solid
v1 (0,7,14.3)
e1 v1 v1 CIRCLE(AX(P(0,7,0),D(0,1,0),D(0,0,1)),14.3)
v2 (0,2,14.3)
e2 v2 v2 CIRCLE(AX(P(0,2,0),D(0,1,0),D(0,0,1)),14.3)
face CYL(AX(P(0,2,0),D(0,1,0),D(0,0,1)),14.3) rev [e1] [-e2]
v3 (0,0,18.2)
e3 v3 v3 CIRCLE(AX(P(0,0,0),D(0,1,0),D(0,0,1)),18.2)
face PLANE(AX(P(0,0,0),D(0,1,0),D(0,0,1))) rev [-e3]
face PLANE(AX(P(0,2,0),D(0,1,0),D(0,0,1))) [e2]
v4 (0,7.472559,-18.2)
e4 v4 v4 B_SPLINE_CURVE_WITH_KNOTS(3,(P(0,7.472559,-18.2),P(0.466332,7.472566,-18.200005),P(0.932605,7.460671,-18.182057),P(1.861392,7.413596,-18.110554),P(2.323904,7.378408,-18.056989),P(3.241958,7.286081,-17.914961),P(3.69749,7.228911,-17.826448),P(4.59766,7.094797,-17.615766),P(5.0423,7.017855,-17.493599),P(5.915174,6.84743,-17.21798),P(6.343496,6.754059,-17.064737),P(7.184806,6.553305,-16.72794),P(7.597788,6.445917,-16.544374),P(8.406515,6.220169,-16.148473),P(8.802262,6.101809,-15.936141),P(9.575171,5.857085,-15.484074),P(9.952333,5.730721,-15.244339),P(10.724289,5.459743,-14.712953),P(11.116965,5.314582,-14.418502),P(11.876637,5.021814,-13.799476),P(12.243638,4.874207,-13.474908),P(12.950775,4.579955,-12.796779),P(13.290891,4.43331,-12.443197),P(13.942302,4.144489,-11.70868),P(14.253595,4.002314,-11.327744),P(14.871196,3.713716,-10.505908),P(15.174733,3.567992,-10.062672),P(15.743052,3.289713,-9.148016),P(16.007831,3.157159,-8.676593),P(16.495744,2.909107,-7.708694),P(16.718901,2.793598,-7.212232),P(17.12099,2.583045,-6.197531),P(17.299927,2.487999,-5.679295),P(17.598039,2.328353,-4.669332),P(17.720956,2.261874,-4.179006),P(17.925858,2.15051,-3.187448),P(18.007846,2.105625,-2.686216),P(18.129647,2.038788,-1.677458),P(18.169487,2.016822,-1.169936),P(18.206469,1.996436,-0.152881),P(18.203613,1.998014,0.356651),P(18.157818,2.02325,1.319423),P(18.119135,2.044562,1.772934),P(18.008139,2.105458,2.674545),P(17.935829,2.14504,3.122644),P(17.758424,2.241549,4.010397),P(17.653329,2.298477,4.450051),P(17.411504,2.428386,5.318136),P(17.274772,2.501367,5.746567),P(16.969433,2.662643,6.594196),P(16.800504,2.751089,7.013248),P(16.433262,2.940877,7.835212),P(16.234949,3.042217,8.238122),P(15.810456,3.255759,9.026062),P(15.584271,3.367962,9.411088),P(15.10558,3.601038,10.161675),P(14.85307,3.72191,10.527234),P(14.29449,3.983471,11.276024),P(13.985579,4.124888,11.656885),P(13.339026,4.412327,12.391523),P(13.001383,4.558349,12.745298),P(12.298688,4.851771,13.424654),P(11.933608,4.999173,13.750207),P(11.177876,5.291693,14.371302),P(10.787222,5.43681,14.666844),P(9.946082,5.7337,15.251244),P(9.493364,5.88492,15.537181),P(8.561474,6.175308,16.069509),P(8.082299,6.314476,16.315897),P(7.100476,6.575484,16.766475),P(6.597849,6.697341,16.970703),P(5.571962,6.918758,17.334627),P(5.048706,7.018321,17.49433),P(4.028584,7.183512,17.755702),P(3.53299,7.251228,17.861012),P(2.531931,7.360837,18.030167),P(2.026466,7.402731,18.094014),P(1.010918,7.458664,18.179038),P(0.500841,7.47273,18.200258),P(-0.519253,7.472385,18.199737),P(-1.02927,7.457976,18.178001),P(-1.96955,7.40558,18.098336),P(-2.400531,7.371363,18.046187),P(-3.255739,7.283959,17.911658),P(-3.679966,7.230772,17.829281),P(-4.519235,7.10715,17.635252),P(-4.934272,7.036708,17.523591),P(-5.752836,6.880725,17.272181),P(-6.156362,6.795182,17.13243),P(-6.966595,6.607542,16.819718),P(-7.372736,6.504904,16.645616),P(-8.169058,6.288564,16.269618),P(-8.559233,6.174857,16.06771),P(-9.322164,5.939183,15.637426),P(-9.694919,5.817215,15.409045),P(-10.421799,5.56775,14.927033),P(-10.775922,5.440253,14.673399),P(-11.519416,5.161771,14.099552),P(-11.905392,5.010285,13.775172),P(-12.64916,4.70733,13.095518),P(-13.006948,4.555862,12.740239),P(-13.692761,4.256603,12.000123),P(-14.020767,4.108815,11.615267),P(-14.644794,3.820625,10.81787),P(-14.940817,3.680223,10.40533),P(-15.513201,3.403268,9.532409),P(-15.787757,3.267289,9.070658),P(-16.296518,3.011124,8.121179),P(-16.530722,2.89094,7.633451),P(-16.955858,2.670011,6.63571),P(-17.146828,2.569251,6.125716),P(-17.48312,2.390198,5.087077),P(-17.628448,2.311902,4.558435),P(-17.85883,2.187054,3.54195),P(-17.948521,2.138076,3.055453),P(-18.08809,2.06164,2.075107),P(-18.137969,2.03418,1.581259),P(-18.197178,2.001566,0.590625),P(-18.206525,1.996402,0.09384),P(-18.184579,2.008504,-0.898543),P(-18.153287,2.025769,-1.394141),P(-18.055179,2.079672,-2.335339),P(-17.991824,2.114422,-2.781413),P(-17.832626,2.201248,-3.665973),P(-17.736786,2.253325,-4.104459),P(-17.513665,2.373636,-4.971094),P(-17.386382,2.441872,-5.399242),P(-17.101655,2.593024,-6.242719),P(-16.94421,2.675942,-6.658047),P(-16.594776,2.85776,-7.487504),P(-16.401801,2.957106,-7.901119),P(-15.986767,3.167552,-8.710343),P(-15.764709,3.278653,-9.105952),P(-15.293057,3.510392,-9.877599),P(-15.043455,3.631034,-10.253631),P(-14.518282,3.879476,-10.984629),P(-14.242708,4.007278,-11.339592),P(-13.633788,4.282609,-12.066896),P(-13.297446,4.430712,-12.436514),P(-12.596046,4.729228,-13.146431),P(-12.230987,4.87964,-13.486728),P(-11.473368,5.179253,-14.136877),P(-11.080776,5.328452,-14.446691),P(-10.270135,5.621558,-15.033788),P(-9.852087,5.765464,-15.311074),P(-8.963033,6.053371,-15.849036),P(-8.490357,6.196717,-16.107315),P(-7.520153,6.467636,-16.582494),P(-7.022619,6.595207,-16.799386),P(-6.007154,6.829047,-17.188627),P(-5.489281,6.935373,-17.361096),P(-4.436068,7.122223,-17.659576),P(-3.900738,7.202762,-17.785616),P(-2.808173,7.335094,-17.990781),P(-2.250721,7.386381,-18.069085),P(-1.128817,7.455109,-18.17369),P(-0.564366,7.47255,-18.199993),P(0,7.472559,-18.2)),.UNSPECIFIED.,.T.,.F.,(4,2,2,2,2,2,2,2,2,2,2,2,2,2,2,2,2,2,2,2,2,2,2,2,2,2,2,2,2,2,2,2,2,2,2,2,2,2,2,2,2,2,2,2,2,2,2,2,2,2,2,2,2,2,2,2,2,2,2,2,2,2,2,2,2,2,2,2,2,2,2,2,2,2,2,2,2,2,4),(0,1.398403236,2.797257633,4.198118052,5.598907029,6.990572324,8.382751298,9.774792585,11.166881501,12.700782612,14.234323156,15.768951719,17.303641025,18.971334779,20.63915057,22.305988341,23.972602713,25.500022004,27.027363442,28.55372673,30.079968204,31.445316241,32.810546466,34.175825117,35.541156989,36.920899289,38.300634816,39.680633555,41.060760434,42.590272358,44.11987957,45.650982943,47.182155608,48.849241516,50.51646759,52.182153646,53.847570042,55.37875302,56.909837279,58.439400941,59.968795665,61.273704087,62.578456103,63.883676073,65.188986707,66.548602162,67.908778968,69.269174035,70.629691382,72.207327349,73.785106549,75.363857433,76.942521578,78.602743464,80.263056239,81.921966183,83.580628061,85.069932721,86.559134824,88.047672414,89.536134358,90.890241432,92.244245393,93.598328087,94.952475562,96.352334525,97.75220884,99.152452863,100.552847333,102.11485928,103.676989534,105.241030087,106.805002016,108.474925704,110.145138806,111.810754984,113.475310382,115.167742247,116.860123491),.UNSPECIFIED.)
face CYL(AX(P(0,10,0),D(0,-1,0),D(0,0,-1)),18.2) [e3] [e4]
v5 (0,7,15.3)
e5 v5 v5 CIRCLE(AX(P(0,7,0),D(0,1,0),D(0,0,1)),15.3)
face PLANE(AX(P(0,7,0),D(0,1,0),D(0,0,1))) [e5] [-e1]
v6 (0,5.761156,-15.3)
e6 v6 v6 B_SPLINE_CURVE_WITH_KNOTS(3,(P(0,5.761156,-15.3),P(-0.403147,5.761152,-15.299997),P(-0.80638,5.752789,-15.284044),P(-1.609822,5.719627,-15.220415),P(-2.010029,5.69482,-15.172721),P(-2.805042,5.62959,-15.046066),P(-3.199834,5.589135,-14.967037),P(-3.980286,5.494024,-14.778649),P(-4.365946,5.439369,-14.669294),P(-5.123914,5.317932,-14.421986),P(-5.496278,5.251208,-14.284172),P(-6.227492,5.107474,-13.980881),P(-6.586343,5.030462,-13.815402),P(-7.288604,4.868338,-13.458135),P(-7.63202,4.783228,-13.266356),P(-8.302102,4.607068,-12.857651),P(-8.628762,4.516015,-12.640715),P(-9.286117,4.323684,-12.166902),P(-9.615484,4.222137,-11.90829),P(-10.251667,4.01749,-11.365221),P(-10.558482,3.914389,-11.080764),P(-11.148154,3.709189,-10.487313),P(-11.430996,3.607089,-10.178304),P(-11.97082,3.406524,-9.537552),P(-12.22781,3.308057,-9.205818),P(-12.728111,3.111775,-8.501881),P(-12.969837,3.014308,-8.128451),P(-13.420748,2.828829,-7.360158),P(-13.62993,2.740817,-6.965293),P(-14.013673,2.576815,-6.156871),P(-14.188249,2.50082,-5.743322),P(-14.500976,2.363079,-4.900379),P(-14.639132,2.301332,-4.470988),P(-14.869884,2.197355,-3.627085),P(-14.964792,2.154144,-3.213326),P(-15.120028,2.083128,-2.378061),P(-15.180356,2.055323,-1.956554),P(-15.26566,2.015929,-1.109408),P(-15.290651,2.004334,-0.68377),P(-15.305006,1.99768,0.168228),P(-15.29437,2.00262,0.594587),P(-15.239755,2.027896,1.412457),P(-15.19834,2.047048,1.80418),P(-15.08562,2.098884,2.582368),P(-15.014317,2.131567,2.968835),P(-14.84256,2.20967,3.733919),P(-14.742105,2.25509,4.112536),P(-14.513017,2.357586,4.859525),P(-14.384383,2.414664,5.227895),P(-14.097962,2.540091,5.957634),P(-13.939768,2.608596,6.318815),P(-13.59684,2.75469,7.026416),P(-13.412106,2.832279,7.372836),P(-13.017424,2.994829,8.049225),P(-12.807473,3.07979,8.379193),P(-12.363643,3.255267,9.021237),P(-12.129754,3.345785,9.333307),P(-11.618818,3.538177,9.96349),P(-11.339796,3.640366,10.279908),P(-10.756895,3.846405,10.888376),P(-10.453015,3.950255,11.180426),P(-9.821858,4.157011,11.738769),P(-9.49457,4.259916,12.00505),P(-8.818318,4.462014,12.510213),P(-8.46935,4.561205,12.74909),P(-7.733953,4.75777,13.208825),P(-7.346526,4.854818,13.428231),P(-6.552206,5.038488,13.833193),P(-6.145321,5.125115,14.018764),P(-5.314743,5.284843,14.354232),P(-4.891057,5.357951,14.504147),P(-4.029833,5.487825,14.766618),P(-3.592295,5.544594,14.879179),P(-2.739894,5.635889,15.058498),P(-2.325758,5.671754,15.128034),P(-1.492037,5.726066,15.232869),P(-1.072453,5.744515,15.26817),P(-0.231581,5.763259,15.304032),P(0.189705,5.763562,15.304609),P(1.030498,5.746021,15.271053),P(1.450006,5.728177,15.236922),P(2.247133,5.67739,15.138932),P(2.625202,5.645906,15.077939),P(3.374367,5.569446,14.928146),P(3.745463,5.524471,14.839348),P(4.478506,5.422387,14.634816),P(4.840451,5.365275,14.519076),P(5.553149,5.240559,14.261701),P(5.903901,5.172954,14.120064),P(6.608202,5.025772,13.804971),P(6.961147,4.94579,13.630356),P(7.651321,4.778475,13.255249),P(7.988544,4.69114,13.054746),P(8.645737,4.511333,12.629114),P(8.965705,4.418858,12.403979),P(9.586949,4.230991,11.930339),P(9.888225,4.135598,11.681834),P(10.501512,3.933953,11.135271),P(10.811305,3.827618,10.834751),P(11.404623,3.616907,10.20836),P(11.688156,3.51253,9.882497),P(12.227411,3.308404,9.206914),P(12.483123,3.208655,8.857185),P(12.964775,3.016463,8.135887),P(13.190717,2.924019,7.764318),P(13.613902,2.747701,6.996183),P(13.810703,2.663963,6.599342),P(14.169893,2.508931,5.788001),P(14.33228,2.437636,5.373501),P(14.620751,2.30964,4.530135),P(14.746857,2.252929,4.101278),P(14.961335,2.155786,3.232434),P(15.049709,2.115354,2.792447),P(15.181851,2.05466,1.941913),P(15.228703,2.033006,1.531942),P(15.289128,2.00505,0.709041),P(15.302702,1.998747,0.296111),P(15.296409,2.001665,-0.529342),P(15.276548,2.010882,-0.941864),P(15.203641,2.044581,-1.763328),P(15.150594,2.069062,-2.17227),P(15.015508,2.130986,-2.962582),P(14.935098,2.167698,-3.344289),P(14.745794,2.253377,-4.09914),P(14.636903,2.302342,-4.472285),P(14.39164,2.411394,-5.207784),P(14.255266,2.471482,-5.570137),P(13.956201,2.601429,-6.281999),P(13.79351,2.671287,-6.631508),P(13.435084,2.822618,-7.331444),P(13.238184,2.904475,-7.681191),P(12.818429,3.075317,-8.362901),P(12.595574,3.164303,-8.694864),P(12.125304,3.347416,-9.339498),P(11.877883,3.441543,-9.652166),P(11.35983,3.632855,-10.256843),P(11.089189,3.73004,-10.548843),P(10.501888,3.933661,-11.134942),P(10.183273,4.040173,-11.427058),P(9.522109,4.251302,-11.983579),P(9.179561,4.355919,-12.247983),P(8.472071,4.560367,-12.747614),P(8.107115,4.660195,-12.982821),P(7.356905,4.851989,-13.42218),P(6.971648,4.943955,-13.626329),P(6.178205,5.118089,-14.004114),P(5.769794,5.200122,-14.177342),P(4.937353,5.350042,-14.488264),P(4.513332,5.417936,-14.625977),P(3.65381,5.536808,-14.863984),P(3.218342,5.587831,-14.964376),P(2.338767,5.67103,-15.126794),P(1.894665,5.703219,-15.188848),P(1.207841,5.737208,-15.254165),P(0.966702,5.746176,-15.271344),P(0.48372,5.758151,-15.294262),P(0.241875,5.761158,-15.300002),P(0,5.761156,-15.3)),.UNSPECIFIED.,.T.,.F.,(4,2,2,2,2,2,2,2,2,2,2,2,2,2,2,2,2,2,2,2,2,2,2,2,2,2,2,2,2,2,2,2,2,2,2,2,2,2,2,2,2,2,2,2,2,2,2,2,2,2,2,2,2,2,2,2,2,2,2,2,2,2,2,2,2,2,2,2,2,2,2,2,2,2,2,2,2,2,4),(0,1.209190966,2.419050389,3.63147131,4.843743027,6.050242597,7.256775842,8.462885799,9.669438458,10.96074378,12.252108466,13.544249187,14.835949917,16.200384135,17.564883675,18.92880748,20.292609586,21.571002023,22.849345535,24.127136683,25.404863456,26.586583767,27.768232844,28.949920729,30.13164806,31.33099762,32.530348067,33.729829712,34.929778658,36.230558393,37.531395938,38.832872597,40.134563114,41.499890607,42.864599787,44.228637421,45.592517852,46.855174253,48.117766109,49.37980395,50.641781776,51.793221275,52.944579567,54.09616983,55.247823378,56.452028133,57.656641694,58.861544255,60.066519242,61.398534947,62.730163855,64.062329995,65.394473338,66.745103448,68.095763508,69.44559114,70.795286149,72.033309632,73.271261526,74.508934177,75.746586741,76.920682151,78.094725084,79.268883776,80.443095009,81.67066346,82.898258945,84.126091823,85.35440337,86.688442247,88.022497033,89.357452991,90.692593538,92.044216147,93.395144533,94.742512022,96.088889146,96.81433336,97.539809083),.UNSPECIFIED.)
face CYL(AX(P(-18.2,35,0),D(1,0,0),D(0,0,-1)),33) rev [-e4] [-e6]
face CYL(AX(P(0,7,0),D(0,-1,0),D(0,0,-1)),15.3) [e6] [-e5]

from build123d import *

# Parameters (mm, degrees)
SKETCH_1_R               = 18.2
EXTRUDE_1_DEPTH          = 10
CUT_EXTRUDE_1_DEPTH      = 28.613040398
CUT_EXTRUDE_1_DEPTH_BACK = 28.613040398
SKETCH_3_R               = 33
SKETCH_4_R               = 15.3
EXTRUDE_2_DEPTH          = 7
SKETCH_5_R               = 14.3
CUT_EXTRUDE_2_DEPTH      = 5


with BuildPart() as part:
    # 스케치1 → 보스-돌출1 (new body)
    with BuildSketch(Plane(origin=(0, 0, 0), x_dir=(1, 0, 0), z_dir=(0, 1, 0))):
        with Locations(Location((0, 0, 0), (0, 0, 270))):
            Circle(SKETCH_1_R)
    extrude(amount=EXTRUDE_1_DEPTH)

    # 스케치3 → 컷-돌출1 (cut, two sides: drawn at the far end of the back side and taken through both)
    with BuildSketch(Plane(origin=(0, 0, 0), x_dir=(0, 0, -1), z_dir=(1, 0, 0)).offset(-CUT_EXTRUDE_1_DEPTH_BACK)):
        with Locations((0, 35)):
            Circle(SKETCH_3_R)
    extrude(amount=CUT_EXTRUDE_1_DEPTH + CUT_EXTRUDE_1_DEPTH_BACK, mode=Mode.SUBTRACT)

    # 스케치4 → 보스-돌출2 (add)
    with BuildSketch(Plane(origin=(0, 0, 0), x_dir=(1, 0, 0), z_dir=(0, 1, 0))):
        with Locations(Location((0, 0, 0), (0, 0, 90))):
            Circle(SKETCH_4_R)
    extrude(amount=EXTRUDE_2_DEPTH)

    # 스케치5 → 컷-돌출2 (cut)
    with BuildSketch(Plane(origin=(0, 7, 0), x_dir=(1, 0, 0), z_dir=(0, 1, 0))):
        with Locations(Location((0, 0, 0), (0, 0, 270))):
            Circle(SKETCH_5_R)
    extrude(amount=-CUT_EXTRUDE_2_DEPTH, mode=Mode.SUBTRACT)


solid = part.part
